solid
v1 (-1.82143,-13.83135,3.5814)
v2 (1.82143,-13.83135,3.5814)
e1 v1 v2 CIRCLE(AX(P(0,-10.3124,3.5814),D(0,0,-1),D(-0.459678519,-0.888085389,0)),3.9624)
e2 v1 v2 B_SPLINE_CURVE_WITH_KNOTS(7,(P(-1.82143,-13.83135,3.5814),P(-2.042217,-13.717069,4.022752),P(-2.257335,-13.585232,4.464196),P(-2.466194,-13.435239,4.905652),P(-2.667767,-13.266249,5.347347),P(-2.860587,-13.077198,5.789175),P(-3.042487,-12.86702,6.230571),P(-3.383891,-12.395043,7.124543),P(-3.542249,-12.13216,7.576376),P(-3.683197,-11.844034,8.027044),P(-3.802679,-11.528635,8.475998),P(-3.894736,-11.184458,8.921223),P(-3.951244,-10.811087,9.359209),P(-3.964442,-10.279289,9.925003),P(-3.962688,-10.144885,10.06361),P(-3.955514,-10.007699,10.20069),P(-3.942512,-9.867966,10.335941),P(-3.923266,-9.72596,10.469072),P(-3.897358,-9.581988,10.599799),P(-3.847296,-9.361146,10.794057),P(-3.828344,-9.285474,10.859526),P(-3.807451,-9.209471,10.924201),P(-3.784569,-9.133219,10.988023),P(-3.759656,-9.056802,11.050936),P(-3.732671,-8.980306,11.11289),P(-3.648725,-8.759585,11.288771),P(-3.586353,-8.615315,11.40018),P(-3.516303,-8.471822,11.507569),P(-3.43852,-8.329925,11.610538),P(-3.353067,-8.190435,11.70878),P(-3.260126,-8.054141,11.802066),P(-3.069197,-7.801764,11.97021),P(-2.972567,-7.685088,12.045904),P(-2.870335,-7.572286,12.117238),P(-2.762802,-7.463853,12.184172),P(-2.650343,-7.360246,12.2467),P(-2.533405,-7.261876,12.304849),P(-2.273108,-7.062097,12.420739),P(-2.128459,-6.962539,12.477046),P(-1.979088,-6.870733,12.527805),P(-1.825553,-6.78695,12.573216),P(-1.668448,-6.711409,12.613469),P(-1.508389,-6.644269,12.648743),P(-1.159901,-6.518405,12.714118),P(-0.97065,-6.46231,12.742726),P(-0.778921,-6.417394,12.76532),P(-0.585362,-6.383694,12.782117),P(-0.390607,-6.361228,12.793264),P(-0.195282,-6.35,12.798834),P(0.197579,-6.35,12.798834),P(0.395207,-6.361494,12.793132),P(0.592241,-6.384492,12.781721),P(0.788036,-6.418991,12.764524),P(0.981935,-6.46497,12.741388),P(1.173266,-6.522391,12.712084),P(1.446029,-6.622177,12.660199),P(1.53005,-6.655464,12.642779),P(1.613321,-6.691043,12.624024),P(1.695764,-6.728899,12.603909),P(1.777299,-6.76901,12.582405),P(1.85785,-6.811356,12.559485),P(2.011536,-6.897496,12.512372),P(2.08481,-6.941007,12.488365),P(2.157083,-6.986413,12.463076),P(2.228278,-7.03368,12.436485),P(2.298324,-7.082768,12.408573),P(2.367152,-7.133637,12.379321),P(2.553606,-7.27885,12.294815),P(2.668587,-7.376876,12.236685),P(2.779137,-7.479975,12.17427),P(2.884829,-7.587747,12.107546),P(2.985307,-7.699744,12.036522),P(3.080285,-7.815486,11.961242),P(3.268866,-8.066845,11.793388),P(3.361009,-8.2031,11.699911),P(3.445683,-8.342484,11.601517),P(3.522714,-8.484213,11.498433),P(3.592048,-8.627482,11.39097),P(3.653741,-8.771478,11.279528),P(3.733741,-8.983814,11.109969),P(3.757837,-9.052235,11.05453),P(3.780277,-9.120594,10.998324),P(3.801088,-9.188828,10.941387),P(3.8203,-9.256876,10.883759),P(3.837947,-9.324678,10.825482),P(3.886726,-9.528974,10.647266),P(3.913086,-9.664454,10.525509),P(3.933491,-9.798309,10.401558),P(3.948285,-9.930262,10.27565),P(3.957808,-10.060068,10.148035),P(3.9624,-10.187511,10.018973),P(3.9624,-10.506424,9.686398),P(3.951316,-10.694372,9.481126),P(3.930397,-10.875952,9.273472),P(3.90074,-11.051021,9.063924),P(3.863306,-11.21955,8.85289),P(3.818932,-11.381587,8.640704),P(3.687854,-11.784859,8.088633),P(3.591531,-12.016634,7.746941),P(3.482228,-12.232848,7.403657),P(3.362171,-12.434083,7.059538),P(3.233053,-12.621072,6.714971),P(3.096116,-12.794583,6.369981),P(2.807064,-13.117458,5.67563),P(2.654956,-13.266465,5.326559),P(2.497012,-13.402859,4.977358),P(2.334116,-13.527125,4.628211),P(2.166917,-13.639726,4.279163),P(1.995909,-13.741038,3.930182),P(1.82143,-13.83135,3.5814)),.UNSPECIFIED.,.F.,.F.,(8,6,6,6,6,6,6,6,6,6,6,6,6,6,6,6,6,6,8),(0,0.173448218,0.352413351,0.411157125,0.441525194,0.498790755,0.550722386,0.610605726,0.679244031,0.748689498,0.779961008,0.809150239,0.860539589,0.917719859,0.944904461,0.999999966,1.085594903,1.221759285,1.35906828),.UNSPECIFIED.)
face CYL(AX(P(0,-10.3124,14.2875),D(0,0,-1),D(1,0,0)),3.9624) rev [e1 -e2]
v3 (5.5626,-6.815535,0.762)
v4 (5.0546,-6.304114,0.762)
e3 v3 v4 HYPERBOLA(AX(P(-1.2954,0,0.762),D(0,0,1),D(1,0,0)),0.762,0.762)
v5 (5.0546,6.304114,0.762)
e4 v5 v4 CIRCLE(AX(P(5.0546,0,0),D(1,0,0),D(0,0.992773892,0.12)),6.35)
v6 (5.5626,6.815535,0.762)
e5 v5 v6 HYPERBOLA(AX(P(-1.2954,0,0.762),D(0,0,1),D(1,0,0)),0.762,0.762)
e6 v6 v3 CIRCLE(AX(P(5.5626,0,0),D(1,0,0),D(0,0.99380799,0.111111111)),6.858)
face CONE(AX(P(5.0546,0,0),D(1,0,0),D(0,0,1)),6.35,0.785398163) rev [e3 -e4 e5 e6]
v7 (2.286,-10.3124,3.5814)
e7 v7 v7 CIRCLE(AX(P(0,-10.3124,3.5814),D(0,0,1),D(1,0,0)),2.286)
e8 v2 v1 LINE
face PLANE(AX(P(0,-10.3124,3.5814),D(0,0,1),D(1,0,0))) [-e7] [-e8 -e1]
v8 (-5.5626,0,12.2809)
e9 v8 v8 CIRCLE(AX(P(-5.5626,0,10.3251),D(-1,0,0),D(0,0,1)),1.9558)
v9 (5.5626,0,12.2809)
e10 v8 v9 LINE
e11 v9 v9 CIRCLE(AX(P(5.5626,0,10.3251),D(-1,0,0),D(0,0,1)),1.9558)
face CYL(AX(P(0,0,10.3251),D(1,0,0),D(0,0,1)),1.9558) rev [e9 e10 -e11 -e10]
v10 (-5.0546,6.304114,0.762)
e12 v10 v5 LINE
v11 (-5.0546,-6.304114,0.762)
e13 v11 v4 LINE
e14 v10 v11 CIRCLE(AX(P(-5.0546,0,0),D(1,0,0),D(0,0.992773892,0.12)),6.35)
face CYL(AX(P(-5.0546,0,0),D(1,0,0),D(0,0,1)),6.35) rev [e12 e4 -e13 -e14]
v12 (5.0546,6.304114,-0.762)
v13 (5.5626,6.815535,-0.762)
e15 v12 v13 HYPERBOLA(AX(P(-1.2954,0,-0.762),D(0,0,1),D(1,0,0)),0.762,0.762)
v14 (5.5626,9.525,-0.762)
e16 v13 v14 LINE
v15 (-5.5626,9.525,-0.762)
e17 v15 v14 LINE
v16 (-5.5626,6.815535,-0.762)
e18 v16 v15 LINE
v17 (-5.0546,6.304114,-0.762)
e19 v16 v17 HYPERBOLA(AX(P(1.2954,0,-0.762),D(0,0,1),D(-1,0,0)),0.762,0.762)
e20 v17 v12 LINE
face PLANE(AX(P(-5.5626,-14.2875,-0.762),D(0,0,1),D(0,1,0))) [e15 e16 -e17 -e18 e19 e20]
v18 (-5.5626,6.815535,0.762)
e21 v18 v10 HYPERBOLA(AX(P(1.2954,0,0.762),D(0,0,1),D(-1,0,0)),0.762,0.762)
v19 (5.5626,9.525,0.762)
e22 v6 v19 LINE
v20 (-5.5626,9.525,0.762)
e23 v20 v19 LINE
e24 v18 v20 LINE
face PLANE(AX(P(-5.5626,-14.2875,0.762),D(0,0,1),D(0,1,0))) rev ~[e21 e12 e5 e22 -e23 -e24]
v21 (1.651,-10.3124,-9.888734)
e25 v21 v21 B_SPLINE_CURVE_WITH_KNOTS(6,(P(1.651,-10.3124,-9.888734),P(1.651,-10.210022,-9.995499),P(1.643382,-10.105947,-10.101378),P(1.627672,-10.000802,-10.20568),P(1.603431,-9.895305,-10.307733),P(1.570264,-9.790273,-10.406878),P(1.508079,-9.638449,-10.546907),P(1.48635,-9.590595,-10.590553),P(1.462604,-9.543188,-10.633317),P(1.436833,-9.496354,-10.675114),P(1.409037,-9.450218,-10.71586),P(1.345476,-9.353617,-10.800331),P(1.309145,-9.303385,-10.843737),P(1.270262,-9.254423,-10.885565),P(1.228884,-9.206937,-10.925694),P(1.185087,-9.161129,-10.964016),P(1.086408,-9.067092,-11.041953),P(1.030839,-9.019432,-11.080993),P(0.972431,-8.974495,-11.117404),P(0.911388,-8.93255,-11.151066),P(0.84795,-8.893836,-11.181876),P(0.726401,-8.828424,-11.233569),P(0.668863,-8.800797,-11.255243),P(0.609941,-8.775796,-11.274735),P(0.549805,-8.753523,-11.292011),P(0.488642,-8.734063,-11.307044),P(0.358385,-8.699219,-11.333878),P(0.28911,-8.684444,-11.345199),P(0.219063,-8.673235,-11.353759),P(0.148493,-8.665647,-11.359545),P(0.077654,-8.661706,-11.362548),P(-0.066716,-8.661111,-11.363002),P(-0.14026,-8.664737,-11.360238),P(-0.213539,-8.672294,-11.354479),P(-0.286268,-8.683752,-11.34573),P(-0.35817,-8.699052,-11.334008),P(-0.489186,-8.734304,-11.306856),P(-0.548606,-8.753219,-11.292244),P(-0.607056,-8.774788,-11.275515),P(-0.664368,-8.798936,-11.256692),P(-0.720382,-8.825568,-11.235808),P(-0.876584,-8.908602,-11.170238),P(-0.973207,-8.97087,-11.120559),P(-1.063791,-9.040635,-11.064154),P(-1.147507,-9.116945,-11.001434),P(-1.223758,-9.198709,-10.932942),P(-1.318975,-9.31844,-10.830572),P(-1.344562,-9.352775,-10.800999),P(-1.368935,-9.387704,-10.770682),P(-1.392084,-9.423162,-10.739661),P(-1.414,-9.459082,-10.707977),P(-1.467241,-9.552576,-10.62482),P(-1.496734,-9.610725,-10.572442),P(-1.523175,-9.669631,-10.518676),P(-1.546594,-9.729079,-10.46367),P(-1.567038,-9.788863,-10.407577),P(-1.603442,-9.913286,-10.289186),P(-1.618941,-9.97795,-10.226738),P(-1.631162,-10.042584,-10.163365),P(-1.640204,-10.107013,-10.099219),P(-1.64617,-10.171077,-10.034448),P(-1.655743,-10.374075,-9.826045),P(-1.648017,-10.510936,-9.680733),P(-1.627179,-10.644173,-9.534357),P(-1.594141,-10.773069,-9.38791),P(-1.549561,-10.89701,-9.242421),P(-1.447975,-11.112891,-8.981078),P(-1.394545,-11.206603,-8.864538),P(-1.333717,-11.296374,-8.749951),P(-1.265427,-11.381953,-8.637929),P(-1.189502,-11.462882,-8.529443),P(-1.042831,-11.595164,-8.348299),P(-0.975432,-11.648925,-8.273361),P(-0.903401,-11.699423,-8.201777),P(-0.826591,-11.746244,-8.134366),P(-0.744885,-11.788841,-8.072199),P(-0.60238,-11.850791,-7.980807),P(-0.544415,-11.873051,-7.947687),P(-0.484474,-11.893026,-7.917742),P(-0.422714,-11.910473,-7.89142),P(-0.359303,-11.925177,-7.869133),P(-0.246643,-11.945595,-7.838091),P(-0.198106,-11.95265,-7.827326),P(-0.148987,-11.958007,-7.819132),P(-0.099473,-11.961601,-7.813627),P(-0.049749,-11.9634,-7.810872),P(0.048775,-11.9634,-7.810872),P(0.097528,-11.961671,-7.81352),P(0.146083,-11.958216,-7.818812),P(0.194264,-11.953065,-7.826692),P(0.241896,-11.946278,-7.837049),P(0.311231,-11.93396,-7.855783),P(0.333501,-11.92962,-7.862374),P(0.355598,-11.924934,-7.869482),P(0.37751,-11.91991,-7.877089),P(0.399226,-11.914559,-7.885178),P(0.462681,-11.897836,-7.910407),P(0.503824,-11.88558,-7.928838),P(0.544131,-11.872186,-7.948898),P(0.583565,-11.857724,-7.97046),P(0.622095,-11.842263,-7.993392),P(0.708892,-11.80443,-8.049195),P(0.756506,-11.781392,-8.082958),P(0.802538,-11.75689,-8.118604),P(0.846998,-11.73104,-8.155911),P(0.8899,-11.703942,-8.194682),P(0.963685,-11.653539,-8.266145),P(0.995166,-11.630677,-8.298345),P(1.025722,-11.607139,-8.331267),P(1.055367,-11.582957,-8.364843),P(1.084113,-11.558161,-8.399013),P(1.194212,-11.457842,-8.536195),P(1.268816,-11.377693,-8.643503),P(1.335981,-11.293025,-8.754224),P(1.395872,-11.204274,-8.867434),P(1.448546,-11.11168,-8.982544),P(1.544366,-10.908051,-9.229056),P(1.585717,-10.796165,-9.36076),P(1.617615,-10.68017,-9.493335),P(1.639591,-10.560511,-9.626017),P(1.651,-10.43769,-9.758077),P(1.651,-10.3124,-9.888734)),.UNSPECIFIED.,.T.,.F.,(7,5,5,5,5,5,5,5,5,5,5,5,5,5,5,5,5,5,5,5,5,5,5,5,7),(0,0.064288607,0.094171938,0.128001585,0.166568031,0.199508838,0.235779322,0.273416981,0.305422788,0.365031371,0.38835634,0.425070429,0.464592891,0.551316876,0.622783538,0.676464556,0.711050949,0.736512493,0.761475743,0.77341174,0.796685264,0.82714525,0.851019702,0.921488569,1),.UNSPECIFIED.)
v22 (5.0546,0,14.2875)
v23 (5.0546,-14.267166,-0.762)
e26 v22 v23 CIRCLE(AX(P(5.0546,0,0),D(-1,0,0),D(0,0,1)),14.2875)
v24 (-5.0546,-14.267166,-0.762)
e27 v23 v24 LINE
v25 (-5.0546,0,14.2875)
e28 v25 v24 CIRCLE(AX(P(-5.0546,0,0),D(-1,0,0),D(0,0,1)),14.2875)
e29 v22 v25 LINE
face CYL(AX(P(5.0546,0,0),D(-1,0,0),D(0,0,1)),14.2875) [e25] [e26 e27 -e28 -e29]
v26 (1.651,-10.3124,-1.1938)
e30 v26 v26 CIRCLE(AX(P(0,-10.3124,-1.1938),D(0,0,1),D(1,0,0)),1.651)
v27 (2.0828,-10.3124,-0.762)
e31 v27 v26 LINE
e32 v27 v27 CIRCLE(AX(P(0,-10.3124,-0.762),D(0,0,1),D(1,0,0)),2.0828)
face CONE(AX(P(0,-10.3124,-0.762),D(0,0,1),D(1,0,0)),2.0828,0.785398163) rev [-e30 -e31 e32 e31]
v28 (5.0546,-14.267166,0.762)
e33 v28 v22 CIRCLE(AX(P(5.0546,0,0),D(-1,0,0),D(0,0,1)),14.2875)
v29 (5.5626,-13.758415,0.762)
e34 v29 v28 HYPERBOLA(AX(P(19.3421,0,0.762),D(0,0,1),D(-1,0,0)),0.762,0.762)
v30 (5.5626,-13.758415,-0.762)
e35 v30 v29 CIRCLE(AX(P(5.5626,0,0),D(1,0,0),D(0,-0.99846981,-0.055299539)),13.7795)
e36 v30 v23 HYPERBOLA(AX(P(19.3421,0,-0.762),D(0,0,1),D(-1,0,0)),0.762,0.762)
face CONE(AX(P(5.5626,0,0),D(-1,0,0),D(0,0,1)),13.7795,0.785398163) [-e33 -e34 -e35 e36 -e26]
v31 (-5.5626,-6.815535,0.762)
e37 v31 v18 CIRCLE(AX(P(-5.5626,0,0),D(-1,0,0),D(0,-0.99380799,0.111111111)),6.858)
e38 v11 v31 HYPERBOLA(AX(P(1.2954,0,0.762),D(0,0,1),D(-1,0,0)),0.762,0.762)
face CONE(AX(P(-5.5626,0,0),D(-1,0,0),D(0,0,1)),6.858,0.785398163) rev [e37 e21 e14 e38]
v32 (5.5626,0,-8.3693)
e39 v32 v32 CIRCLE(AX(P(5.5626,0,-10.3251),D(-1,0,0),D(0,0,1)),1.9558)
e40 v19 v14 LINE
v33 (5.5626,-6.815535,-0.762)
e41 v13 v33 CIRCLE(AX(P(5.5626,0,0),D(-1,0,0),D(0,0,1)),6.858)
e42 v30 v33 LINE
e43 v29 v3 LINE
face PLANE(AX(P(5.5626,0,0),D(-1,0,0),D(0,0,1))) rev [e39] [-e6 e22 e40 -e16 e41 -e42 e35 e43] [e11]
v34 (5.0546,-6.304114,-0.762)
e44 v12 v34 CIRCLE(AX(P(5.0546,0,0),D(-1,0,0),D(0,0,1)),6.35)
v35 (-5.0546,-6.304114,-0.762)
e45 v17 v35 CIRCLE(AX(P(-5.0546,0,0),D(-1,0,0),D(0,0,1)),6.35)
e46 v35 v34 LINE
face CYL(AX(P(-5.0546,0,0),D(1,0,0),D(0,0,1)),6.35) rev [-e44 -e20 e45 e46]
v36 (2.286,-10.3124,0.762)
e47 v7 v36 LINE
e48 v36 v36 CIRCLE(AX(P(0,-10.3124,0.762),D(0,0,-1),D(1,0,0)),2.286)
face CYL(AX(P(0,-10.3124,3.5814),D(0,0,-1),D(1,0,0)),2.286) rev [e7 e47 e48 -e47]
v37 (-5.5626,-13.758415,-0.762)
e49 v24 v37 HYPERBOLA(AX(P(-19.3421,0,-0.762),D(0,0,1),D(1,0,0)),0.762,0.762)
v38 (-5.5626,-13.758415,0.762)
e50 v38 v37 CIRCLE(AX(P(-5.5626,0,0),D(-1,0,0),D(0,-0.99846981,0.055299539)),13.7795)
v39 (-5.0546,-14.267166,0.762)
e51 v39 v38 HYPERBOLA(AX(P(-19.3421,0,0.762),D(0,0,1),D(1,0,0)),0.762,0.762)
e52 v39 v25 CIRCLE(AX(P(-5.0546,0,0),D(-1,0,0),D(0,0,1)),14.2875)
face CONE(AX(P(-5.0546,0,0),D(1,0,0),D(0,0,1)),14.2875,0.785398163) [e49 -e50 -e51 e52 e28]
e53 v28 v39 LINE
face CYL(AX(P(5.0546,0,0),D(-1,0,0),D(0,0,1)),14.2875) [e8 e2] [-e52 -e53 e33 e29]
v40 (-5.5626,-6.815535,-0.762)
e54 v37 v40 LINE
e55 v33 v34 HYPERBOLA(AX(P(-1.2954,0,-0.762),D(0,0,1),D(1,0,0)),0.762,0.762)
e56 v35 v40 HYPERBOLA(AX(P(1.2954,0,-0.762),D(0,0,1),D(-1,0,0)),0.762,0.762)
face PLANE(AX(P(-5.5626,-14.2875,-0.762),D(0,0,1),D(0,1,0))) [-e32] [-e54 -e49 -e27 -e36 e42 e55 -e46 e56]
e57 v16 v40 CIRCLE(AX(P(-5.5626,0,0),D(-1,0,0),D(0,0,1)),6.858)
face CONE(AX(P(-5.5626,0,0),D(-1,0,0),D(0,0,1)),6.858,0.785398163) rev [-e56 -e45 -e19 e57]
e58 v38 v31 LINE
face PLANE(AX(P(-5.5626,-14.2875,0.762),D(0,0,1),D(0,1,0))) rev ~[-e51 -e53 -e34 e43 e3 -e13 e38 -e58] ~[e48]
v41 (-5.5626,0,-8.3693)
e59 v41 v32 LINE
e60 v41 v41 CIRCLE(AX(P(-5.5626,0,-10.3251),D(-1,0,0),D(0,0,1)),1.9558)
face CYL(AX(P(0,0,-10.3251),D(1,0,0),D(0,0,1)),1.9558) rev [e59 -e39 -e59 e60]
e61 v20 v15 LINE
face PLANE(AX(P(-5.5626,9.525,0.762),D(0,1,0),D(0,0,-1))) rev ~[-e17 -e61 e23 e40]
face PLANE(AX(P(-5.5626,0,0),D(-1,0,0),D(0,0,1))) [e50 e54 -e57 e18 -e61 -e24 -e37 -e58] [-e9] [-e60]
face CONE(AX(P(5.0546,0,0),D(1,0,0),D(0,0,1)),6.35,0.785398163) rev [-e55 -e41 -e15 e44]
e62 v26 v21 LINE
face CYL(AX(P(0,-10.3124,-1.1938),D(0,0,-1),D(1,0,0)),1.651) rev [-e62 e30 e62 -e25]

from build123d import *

# Parameters (mm, degrees)
CUT_EXTRUDE1_DEPTH      = 5.5626
CUT_EXTRUDE1_DEPTH_BACK = 5.5626
SKETCH2_W               = 1.524
SKETCH2_H               = 23.8125
SKETCH5_W               = 11.1252
SKETCH5_H               = 1.9558
SKETCH6_W               = 11.1252
SKETCH6_H               = 1.9558


with BuildPart() as part:
    # Sketch1 → Revolve1 (revolve)
    with BuildSketch(Plane.XY):
        Polygon((-5.5626, 6.858), (-5.0546, 6.35), (5.0546, 6.35), (5.5626, 6.858), (5.5626, 13.7795), (5.0546, 14.2875), (-5.0546, 14.2875), (-5.5626, 13.7795), align=None)
    revolve(axis=Axis((5.5626, 0, 0), (-1, 0, 0)))

    # Sketch2 → Cut-Extrude1 (cut, two sides: drawn at the far end of the back side and taken through both)
    with BuildSketch(Plane(origin=(0, 0, 0), x_dir=(0, 0, -1), z_dir=(1, 0, 0)).offset(-CUT_EXTRUDE1_DEPTH_BACK)):
        with Locations((0, -2.38125)):
            Rectangle(SKETCH2_W, SKETCH2_H)
    extrude(amount=CUT_EXTRUDE1_DEPTH + CUT_EXTRUDE1_DEPTH_BACK, mode=Mode.SUBTRACT)

    # Sketch3 → Cut-Revolve1 (revolve, cut)
    with BuildSketch(Plane(origin=(0, 0, 0), x_dir=(0, 0, -1), z_dir=(1, 0, 0))):
        Polygon((-14.2875, -10.3124), (-14.2875, -6.35), (-3.5814, -6.35), (-3.5814, -8.0264), (0, -8.0264), (0, -10.3124), align=None)
    revolve(axis=Axis((0, -10.3124, 0), (0, 0, 1)), mode=Mode.SUBTRACT)

    # Sketch4 → Cut-Revolve2 (revolve, cut)
    with BuildSketch(Plane(origin=(0, 0, 0), x_dir=(0, 0, -1), z_dir=(1, 0, 0))):
        Polygon((0.762, -10.3124), (0.762, -8.2296), (1.1938, -8.6614), (16.2306, -8.6614), (16.2306, -10.3124), align=None)
    revolve(axis=Axis((0, -10.3124, -16.2306), (0, 0, 1)), mode=Mode.SUBTRACT)

    # Sketch5 → Cut-Revolve3 (revolve, cut)
    with BuildSketch(Plane(origin=(0, 0, 0), x_dir=(1, 0, 0), z_dir=(0, 1, 0))):
        with Locations((0, 11.303)):
            Rectangle(SKETCH5_W, SKETCH5_H)
    revolve(axis=Axis((5.5626, 0, -10.3251), (-1, 0, 0)), mode=Mode.SUBTRACT)

    # Sketch6 → Cut-Revolve4 (revolve, cut)
    with BuildSketch(Plane(origin=(0, 0, 0), x_dir=(1, 0, 0), z_dir=(0, 1, 0))):
        with Locations((0, -9.3472)):
            Rectangle(SKETCH6_W, SKETCH6_H)
    revolve(axis=Axis((5.5626, 0, 10.3251), (-1, 0, 0)), mode=Mode.SUBTRACT)


solid = part.part
